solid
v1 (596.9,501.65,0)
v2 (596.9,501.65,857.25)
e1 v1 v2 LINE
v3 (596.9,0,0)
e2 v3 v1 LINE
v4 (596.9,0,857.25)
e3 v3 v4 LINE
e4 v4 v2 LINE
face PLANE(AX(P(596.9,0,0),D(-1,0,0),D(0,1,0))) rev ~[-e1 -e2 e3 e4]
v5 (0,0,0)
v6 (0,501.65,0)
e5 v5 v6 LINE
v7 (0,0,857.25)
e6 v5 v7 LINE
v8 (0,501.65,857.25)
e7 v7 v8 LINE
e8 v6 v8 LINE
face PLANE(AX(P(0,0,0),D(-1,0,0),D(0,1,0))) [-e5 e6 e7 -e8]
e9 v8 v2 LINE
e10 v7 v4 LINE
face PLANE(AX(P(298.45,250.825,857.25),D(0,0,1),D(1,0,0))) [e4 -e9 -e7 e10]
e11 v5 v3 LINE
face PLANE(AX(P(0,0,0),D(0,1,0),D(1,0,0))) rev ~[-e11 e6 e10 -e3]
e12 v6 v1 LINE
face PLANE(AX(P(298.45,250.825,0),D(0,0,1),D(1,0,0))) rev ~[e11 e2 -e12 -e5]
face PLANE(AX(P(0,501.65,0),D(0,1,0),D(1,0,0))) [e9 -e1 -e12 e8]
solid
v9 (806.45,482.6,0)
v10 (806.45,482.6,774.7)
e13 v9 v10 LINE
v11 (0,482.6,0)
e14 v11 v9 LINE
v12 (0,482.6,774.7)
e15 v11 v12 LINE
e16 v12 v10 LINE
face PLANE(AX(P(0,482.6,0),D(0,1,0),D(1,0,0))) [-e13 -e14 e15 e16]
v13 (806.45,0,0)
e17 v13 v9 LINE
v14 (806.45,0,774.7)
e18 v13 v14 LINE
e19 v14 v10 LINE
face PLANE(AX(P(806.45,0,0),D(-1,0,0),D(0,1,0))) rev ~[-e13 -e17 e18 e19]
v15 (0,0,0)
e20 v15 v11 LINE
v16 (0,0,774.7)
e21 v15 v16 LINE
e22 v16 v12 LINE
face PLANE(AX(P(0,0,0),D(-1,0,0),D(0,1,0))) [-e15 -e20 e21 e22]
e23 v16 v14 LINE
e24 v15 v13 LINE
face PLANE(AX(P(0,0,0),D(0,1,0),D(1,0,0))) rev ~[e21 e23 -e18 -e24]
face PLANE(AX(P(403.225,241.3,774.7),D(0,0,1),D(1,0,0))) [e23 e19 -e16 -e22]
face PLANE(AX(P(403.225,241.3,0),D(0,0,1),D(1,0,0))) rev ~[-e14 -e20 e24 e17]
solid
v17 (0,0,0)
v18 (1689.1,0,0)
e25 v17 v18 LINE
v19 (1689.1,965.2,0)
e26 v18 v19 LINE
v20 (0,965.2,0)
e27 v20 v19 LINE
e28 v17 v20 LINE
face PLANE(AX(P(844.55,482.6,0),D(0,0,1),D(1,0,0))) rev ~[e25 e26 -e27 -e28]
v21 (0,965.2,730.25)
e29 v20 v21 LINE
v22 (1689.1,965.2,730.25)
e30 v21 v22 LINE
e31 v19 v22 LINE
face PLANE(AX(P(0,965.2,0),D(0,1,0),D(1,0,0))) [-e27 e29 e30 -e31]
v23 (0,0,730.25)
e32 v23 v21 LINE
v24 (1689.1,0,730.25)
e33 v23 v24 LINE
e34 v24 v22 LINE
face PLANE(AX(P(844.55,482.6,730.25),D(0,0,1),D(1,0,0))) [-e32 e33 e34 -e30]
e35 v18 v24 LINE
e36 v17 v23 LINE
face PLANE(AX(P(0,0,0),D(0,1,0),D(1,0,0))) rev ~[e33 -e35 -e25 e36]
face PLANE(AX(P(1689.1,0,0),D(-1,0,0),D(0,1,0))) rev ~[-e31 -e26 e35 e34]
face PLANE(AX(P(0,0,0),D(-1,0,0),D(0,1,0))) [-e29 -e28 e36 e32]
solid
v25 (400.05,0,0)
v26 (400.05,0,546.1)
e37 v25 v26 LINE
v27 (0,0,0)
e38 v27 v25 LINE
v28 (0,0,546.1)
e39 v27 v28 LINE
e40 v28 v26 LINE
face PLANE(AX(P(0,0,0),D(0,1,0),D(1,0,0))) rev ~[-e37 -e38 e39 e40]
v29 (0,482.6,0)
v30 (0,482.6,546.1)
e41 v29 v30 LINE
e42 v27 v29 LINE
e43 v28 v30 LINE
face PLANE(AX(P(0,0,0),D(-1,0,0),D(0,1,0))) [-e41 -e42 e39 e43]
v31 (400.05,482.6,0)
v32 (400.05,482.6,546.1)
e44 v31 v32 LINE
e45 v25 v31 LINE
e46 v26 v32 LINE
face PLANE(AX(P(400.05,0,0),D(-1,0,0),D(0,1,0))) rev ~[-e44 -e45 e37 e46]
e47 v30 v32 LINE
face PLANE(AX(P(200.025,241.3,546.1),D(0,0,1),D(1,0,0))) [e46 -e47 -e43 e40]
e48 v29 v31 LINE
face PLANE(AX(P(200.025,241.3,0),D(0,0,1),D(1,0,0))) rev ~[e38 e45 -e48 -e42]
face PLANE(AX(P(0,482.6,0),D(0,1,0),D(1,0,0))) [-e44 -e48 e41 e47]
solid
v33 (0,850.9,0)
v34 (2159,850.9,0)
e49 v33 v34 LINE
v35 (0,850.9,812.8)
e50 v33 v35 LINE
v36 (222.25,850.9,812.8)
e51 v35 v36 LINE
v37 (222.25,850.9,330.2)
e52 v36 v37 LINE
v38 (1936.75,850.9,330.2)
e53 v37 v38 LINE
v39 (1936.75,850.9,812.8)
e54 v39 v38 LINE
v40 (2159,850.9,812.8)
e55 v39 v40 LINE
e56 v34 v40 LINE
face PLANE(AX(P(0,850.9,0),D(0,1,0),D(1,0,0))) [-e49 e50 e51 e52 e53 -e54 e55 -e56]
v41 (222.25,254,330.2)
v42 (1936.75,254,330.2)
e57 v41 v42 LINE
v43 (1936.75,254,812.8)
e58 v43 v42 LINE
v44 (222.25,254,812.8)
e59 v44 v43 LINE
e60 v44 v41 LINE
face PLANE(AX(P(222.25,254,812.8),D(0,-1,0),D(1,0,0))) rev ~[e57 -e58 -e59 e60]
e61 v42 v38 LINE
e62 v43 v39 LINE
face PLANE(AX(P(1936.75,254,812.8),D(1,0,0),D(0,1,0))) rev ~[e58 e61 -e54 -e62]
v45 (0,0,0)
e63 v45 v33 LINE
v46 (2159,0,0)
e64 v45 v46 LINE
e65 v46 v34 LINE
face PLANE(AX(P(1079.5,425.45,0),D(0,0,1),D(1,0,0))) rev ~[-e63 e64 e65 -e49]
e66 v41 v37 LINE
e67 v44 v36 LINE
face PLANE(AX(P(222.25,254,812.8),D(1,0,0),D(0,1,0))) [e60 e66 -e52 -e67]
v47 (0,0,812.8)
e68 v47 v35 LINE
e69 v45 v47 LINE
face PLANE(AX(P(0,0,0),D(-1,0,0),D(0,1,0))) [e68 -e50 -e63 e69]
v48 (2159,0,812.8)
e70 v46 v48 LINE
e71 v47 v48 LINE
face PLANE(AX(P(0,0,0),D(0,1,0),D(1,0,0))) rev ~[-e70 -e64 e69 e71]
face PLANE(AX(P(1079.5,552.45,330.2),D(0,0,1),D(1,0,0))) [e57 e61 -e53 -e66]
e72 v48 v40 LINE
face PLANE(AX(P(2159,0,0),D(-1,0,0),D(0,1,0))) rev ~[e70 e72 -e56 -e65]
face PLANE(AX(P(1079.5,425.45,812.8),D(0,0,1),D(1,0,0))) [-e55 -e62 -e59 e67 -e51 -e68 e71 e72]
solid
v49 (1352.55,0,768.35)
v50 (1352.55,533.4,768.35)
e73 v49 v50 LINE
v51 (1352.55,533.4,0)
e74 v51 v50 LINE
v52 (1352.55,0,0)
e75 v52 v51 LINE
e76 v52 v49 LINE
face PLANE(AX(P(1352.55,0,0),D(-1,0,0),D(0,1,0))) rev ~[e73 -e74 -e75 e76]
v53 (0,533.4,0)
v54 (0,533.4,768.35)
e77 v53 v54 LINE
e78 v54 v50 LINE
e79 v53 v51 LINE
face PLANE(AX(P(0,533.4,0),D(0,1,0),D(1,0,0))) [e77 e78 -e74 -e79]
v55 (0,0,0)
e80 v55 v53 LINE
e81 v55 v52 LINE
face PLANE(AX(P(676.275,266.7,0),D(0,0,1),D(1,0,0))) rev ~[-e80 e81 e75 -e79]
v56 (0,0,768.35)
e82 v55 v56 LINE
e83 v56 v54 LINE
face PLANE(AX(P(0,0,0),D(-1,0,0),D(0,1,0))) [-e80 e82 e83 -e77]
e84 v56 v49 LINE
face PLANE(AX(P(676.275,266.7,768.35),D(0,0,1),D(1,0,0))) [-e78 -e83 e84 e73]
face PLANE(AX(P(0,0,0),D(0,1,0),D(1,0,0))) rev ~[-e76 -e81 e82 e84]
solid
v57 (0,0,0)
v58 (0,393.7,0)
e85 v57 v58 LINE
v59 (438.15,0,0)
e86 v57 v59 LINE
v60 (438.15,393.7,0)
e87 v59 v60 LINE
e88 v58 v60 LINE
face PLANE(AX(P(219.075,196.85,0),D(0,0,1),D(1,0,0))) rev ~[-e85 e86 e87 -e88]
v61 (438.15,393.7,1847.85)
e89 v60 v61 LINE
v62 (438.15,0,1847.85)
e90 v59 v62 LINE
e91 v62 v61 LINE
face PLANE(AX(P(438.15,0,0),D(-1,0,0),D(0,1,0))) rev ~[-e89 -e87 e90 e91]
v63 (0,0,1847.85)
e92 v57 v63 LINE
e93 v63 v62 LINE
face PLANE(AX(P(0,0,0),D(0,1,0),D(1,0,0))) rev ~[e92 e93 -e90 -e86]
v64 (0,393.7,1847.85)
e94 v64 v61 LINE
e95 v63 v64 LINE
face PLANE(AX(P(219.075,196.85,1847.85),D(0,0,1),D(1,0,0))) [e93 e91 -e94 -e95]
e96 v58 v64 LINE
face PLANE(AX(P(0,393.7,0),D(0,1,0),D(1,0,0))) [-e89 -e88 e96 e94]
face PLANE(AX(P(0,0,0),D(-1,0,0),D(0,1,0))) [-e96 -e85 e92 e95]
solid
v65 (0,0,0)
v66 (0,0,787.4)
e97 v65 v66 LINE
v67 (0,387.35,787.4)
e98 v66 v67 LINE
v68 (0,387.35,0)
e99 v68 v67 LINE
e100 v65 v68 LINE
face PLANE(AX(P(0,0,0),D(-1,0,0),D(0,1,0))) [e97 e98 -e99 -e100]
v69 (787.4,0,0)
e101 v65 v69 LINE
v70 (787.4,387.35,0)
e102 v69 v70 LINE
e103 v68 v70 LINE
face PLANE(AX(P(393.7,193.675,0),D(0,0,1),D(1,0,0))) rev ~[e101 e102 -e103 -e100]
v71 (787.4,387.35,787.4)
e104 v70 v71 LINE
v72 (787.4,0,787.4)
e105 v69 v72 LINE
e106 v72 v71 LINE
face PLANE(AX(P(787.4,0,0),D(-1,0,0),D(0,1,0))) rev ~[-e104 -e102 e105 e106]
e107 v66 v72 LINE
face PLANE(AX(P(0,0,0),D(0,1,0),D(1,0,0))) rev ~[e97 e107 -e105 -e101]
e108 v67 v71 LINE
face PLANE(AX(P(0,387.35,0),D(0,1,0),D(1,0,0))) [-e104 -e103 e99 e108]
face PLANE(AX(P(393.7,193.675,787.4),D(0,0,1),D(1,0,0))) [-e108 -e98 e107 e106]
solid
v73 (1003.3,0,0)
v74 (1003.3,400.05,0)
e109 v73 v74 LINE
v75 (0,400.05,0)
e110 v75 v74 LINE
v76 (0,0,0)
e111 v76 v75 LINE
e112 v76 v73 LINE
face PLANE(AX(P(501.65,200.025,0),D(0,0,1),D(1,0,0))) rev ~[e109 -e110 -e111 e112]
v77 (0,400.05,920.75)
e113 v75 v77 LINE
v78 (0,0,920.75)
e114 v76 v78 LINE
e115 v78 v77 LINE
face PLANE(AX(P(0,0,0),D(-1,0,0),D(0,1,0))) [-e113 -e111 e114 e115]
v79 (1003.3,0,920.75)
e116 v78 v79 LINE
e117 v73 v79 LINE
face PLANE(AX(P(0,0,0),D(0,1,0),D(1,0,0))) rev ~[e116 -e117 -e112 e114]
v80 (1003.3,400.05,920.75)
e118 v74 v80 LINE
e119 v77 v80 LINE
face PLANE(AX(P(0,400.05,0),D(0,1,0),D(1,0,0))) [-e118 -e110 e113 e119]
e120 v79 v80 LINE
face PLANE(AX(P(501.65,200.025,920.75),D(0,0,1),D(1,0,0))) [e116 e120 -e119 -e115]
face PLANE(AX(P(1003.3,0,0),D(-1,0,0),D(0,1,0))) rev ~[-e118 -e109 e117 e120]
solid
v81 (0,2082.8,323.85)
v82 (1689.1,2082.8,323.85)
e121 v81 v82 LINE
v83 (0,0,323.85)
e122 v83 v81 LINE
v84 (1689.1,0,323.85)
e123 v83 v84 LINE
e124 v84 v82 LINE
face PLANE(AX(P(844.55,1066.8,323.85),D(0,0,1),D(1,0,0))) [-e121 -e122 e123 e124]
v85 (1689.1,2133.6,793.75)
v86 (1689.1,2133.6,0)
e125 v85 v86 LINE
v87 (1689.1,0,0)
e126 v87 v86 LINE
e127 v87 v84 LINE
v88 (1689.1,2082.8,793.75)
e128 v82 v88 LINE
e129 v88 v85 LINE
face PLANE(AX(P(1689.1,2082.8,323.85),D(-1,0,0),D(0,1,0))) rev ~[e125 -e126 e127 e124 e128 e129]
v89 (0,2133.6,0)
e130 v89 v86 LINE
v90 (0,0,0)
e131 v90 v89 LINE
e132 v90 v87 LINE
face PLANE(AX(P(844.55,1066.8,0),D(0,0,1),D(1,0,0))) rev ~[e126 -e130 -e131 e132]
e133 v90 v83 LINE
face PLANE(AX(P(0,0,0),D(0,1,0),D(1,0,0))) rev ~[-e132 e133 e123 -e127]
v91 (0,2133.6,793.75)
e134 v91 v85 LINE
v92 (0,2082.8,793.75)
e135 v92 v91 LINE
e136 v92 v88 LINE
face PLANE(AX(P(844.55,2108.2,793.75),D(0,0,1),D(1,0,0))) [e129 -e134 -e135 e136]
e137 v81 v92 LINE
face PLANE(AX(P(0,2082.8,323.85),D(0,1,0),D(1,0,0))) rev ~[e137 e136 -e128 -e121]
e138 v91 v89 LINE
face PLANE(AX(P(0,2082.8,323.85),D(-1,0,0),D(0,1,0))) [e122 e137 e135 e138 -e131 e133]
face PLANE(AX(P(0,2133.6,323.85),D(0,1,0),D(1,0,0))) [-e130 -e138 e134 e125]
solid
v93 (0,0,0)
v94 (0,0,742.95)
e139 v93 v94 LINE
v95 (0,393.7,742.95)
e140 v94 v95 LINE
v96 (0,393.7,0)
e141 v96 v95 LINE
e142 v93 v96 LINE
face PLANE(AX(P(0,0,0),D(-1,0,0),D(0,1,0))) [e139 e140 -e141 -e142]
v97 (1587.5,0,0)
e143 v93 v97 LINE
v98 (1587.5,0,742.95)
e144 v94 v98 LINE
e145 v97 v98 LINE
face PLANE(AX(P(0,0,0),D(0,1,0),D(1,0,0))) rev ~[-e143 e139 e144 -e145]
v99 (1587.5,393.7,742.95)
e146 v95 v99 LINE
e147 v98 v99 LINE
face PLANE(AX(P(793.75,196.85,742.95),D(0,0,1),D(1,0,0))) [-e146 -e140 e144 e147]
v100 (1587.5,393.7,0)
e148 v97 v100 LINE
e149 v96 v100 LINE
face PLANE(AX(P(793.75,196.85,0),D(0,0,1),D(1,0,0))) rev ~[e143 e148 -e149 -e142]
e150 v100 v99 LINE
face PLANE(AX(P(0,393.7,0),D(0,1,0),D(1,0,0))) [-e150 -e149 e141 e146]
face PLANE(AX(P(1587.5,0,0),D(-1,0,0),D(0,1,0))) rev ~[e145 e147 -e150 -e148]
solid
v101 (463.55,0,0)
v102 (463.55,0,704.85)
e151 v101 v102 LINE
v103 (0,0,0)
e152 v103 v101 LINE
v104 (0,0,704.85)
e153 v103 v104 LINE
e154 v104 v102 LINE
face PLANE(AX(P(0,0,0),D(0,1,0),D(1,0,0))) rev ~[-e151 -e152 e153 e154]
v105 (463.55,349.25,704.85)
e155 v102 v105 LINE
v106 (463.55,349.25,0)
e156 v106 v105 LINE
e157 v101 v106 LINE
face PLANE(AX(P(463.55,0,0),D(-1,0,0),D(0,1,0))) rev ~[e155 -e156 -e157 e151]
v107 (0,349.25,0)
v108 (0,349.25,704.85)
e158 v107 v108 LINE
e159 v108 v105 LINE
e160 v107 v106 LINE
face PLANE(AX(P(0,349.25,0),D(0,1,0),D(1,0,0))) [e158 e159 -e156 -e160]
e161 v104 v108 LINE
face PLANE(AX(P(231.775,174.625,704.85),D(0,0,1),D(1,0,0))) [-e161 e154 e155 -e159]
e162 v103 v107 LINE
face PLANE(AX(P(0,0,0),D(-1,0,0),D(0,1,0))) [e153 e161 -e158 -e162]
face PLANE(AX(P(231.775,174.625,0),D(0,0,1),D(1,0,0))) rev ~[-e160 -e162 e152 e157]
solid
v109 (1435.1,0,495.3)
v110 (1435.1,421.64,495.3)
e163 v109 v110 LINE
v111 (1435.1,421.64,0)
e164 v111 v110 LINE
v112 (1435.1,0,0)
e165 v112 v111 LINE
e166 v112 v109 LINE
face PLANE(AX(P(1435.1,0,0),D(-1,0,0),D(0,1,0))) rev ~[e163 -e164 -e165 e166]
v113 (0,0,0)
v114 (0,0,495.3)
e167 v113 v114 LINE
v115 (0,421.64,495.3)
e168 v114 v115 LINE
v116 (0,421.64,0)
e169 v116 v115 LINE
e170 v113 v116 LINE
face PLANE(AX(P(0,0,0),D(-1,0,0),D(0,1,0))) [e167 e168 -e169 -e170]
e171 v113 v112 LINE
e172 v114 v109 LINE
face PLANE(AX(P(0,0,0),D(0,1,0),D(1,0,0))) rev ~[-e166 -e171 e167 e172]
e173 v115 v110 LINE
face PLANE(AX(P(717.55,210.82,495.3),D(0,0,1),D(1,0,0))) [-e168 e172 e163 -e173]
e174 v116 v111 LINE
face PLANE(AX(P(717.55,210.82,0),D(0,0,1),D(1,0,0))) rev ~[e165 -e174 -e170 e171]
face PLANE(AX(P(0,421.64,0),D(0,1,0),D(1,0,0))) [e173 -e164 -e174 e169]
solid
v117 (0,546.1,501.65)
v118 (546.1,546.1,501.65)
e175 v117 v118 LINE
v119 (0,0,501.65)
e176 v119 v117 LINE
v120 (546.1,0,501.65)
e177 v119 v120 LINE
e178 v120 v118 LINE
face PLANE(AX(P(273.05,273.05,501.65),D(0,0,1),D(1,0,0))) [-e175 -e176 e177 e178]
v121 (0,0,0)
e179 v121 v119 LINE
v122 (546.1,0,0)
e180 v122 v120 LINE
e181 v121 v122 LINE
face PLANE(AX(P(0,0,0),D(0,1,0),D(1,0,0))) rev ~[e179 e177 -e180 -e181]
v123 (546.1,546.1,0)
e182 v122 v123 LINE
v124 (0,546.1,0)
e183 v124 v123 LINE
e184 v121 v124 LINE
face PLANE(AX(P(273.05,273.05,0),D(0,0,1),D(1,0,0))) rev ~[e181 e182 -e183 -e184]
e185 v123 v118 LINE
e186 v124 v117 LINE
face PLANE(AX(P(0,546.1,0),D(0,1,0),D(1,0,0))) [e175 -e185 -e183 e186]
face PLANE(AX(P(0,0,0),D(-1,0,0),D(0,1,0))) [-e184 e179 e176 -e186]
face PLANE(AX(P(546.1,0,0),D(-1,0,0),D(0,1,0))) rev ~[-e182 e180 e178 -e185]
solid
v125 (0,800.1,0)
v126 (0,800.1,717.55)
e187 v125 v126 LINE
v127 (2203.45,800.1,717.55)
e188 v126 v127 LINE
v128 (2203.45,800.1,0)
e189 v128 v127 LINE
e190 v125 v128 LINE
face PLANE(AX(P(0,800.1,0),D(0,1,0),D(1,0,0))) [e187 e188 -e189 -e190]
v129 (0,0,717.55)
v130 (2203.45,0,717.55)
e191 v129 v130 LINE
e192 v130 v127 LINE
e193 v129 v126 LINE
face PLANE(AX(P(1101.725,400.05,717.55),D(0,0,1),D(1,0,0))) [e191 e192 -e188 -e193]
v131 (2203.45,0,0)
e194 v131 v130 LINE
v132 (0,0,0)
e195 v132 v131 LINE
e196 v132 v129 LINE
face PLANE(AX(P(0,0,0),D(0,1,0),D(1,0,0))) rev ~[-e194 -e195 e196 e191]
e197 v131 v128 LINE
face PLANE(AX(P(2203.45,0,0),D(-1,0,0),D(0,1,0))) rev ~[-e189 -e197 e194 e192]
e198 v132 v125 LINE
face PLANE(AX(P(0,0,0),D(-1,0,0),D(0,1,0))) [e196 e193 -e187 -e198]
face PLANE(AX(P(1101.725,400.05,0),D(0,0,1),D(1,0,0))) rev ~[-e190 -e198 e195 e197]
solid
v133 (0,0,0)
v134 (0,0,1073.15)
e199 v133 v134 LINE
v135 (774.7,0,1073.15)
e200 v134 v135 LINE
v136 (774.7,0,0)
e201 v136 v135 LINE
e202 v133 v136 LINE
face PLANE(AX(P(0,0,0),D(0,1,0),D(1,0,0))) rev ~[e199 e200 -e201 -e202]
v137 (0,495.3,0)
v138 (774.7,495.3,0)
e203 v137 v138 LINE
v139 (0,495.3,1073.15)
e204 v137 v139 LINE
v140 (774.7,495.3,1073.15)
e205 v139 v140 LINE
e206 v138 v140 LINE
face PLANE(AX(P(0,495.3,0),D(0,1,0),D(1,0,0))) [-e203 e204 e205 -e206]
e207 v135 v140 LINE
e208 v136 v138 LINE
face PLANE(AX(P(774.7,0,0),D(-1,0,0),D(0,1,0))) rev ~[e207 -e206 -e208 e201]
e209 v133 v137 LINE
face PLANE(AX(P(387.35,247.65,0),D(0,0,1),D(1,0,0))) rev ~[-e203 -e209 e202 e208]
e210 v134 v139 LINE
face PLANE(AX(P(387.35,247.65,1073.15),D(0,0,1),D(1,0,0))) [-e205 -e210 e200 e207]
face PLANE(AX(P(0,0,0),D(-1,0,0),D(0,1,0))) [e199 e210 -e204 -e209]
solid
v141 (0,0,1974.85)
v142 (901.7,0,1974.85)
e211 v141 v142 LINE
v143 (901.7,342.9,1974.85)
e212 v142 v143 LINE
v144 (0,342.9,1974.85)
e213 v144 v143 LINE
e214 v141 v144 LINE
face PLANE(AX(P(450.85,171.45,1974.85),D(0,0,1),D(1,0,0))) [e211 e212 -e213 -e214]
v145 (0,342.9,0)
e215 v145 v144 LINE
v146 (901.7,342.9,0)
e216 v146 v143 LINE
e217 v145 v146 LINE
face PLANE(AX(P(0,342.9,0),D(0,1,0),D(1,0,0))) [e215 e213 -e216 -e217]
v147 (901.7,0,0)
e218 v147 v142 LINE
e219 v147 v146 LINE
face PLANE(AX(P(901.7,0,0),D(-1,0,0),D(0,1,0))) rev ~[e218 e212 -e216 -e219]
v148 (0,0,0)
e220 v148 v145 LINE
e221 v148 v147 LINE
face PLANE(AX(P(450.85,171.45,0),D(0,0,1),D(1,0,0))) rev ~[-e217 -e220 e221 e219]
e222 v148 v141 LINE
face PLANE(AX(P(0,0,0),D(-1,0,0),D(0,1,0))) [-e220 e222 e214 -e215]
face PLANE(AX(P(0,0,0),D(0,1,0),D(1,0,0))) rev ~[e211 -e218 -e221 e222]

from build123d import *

# Parameters (mm, degrees)
F0_W      = 774.7
F0_H      = 495.3
F1_DEPTH  = 1073.15
F2_W      = 901.7
F2_H      = 342.9
F3_DEPTH  = 1974.85
F4_W      = 1689.1
F4_H      = 965.2
F5_DEPTH  = 730.25
F6_W      = 1587.5
F6_H      = 393.7
F7_DEPTH  = 742.95
F8_W      = 2159
F8_H      = 850.9
F9_DEPTH  = 812.8
F10_W     = 1714.5
F10_H     = 596.9
F11_DEPTH = 482.6
F12_W     = 1435.1
F12_H     = 421.64
F13_DEPTH = 495.3
F14_W     = 1003.3
F14_H     = 400.05
F15_DEPTH = 920.75
F16_W     = 596.9
F16_H     = 501.65
F17_DEPTH = 857.25
F18_W     = 438.15
F18_H     = 393.7
F19_DEPTH = 1847.85
F20_W     = 1689.1
F20_H     = 2133.6
F21_DEPTH = 323.85
F22_W     = 1689.1
F22_H     = 50.8
F23_DEPTH = 469.9
F24_W     = 806.45
F24_H     = 482.6
F25_DEPTH = 774.7
F26_W     = 400.05
F26_H     = 482.6
F27_DEPTH = 546.1
F28_W     = 463.55
F28_H     = 349.25
F29_DEPTH = 704.85
F30_W     = 1352.55
F30_H     = 533.4
F31_DEPTH = 768.35
F32_W     = 2203.45
F32_H     = 800.1
F33_DEPTH = 717.55
F34_W     = 787.4
F34_H     = 387.35
F35_DEPTH = 787.4
F36_W     = 546.1
F36_H     = 546.1
F37_DEPTH = 501.65


with BuildPart() as f1:
    # F0 (on Top) → F1 (new body)
    with BuildSketch(Plane.XY):
        with Locations((387.35, 247.65)):
            Rectangle(F0_W, F0_H)
    extrude(amount=F1_DEPTH)


with BuildPart() as f3:
    # F2 (on Top) → F3 (new body)
    with BuildSketch(Plane.XY):
        with Locations((450.85, 171.45)):
            Rectangle(F2_W, F2_H)
    extrude(amount=F3_DEPTH)


with BuildPart() as f5:
    # F4 (on Top) → F5 (new body)
    with BuildSketch(Plane.XY):
        with Locations((844.55, 482.6)):
            Rectangle(F4_W, F4_H)
    extrude(amount=F5_DEPTH)


with BuildPart() as f7:
    # F6 (on Top) → F7 (new body)
    with BuildSketch(Plane.XY):
        with Locations((793.75, 196.85)):
            Rectangle(F6_W, F6_H)
    extrude(amount=F7_DEPTH)


with BuildPart() as f9:
    # F8 (on Top) → F9 (new body)
    with BuildSketch(Plane.XY):
        with Locations((1079.5, 425.45)):
            Rectangle(F8_W, F8_H)
    extrude(amount=F9_DEPTH)

    # F10 (on face) → F11 (cut)
    with BuildSketch(Plane.XY.offset(812.8)):
        with Locations((1079.5, 552.45)):
            Rectangle(F10_W, F10_H)
    extrude(amount=-F11_DEPTH, mode=Mode.SUBTRACT)


with BuildPart() as f13:
    # F12 (on Top) → F13 (new body)
    with BuildSketch(Plane.XY):
        with Locations((717.55, 210.82)):
            Rectangle(F12_W, F12_H)
    extrude(amount=F13_DEPTH)


with BuildPart() as f15:
    # F14 (on Top) → F15 (new body)
    with BuildSketch(Plane.XY):
        with Locations((501.65, 200.025)):
            Rectangle(F14_W, F14_H)
    extrude(amount=F15_DEPTH)


with BuildPart() as f17:
    # F16 (on Top) → F17 (new body)
    with BuildSketch(Plane.XY):
        with Locations((298.45, 250.825)):
            Rectangle(F16_W, F16_H)
    extrude(amount=F17_DEPTH)


with BuildPart() as f19:
    # F18 (on Top) → F19 (new body)
    with BuildSketch(Plane.XY):
        with Locations((219.075, 196.85)):
            Rectangle(F18_W, F18_H)
    extrude(amount=F19_DEPTH)


with BuildPart() as f21:
    # F20 (on Top) → F21 (new body)
    with BuildSketch(Plane.XY):
        with Locations((844.55, 1066.8)):
            Rectangle(F20_W, F20_H)
    extrude(amount=F21_DEPTH)

    # F22 (on face) → F23 (join)
    with BuildSketch(Plane.XY.offset(323.85)):
        with Locations((844.55, 2108.2)):
            Rectangle(F22_W, F22_H)
    extrude(amount=F23_DEPTH)


with BuildPart() as f25:
    # F24 (on Top) → F25 (new body)
    with BuildSketch(Plane.XY):
        with Locations((403.225, 241.3)):
            Rectangle(F24_W, F24_H)
    extrude(amount=F25_DEPTH)


with BuildPart() as f27:
    # F26 (on Top) → F27 (new body)
    with BuildSketch(Plane.XY):
        with Locations((200.025, 241.3)):
            Rectangle(F26_W, F26_H)
    extrude(amount=F27_DEPTH)


with BuildPart() as f29:
    # F28 (on Top) → F29 (new body)
    with BuildSketch(Plane.XY):
        with Locations((231.775, 174.625)):
            Rectangle(F28_W, F28_H)
    extrude(amount=F29_DEPTH)


with BuildPart() as f31:
    # F30 (on Top) → F31 (new body)
    with BuildSketch(Plane.XY):
        with Locations((676.275, 266.7)):
            Rectangle(F30_W, F30_H)
    extrude(amount=F31_DEPTH)


with BuildPart() as f33:
    # F32 (on Top) → F33 (new body)
    with BuildSketch(Plane.XY):
        with Locations((1101.725, 400.05)):
            Rectangle(F32_W, F32_H)
    extrude(amount=F33_DEPTH)


with BuildPart() as f35:
    # F34 (on Top) → F35 (new body)
    with BuildSketch(Plane.XY):
        with Locations((393.7, 193.675)):
            Rectangle(F34_W, F34_H)
    extrude(amount=F35_DEPTH)


with BuildPart() as f37:
    # F36 (on Top) → F37 (new body)
    with BuildSketch(Plane.XY):
        with Locations((273.05, 273.05)):
            Rectangle(F36_W, F36_H)
    extrude(amount=F37_DEPTH)


solid = Compound([f1.part, f3.part, f5.part, f7.part, f9.part, f13.part, f15.part, f17.part, f19.part, f21.part, f25.part, f27.part, f29.part, f31.part, f33.part, f35.part, f37.part])
